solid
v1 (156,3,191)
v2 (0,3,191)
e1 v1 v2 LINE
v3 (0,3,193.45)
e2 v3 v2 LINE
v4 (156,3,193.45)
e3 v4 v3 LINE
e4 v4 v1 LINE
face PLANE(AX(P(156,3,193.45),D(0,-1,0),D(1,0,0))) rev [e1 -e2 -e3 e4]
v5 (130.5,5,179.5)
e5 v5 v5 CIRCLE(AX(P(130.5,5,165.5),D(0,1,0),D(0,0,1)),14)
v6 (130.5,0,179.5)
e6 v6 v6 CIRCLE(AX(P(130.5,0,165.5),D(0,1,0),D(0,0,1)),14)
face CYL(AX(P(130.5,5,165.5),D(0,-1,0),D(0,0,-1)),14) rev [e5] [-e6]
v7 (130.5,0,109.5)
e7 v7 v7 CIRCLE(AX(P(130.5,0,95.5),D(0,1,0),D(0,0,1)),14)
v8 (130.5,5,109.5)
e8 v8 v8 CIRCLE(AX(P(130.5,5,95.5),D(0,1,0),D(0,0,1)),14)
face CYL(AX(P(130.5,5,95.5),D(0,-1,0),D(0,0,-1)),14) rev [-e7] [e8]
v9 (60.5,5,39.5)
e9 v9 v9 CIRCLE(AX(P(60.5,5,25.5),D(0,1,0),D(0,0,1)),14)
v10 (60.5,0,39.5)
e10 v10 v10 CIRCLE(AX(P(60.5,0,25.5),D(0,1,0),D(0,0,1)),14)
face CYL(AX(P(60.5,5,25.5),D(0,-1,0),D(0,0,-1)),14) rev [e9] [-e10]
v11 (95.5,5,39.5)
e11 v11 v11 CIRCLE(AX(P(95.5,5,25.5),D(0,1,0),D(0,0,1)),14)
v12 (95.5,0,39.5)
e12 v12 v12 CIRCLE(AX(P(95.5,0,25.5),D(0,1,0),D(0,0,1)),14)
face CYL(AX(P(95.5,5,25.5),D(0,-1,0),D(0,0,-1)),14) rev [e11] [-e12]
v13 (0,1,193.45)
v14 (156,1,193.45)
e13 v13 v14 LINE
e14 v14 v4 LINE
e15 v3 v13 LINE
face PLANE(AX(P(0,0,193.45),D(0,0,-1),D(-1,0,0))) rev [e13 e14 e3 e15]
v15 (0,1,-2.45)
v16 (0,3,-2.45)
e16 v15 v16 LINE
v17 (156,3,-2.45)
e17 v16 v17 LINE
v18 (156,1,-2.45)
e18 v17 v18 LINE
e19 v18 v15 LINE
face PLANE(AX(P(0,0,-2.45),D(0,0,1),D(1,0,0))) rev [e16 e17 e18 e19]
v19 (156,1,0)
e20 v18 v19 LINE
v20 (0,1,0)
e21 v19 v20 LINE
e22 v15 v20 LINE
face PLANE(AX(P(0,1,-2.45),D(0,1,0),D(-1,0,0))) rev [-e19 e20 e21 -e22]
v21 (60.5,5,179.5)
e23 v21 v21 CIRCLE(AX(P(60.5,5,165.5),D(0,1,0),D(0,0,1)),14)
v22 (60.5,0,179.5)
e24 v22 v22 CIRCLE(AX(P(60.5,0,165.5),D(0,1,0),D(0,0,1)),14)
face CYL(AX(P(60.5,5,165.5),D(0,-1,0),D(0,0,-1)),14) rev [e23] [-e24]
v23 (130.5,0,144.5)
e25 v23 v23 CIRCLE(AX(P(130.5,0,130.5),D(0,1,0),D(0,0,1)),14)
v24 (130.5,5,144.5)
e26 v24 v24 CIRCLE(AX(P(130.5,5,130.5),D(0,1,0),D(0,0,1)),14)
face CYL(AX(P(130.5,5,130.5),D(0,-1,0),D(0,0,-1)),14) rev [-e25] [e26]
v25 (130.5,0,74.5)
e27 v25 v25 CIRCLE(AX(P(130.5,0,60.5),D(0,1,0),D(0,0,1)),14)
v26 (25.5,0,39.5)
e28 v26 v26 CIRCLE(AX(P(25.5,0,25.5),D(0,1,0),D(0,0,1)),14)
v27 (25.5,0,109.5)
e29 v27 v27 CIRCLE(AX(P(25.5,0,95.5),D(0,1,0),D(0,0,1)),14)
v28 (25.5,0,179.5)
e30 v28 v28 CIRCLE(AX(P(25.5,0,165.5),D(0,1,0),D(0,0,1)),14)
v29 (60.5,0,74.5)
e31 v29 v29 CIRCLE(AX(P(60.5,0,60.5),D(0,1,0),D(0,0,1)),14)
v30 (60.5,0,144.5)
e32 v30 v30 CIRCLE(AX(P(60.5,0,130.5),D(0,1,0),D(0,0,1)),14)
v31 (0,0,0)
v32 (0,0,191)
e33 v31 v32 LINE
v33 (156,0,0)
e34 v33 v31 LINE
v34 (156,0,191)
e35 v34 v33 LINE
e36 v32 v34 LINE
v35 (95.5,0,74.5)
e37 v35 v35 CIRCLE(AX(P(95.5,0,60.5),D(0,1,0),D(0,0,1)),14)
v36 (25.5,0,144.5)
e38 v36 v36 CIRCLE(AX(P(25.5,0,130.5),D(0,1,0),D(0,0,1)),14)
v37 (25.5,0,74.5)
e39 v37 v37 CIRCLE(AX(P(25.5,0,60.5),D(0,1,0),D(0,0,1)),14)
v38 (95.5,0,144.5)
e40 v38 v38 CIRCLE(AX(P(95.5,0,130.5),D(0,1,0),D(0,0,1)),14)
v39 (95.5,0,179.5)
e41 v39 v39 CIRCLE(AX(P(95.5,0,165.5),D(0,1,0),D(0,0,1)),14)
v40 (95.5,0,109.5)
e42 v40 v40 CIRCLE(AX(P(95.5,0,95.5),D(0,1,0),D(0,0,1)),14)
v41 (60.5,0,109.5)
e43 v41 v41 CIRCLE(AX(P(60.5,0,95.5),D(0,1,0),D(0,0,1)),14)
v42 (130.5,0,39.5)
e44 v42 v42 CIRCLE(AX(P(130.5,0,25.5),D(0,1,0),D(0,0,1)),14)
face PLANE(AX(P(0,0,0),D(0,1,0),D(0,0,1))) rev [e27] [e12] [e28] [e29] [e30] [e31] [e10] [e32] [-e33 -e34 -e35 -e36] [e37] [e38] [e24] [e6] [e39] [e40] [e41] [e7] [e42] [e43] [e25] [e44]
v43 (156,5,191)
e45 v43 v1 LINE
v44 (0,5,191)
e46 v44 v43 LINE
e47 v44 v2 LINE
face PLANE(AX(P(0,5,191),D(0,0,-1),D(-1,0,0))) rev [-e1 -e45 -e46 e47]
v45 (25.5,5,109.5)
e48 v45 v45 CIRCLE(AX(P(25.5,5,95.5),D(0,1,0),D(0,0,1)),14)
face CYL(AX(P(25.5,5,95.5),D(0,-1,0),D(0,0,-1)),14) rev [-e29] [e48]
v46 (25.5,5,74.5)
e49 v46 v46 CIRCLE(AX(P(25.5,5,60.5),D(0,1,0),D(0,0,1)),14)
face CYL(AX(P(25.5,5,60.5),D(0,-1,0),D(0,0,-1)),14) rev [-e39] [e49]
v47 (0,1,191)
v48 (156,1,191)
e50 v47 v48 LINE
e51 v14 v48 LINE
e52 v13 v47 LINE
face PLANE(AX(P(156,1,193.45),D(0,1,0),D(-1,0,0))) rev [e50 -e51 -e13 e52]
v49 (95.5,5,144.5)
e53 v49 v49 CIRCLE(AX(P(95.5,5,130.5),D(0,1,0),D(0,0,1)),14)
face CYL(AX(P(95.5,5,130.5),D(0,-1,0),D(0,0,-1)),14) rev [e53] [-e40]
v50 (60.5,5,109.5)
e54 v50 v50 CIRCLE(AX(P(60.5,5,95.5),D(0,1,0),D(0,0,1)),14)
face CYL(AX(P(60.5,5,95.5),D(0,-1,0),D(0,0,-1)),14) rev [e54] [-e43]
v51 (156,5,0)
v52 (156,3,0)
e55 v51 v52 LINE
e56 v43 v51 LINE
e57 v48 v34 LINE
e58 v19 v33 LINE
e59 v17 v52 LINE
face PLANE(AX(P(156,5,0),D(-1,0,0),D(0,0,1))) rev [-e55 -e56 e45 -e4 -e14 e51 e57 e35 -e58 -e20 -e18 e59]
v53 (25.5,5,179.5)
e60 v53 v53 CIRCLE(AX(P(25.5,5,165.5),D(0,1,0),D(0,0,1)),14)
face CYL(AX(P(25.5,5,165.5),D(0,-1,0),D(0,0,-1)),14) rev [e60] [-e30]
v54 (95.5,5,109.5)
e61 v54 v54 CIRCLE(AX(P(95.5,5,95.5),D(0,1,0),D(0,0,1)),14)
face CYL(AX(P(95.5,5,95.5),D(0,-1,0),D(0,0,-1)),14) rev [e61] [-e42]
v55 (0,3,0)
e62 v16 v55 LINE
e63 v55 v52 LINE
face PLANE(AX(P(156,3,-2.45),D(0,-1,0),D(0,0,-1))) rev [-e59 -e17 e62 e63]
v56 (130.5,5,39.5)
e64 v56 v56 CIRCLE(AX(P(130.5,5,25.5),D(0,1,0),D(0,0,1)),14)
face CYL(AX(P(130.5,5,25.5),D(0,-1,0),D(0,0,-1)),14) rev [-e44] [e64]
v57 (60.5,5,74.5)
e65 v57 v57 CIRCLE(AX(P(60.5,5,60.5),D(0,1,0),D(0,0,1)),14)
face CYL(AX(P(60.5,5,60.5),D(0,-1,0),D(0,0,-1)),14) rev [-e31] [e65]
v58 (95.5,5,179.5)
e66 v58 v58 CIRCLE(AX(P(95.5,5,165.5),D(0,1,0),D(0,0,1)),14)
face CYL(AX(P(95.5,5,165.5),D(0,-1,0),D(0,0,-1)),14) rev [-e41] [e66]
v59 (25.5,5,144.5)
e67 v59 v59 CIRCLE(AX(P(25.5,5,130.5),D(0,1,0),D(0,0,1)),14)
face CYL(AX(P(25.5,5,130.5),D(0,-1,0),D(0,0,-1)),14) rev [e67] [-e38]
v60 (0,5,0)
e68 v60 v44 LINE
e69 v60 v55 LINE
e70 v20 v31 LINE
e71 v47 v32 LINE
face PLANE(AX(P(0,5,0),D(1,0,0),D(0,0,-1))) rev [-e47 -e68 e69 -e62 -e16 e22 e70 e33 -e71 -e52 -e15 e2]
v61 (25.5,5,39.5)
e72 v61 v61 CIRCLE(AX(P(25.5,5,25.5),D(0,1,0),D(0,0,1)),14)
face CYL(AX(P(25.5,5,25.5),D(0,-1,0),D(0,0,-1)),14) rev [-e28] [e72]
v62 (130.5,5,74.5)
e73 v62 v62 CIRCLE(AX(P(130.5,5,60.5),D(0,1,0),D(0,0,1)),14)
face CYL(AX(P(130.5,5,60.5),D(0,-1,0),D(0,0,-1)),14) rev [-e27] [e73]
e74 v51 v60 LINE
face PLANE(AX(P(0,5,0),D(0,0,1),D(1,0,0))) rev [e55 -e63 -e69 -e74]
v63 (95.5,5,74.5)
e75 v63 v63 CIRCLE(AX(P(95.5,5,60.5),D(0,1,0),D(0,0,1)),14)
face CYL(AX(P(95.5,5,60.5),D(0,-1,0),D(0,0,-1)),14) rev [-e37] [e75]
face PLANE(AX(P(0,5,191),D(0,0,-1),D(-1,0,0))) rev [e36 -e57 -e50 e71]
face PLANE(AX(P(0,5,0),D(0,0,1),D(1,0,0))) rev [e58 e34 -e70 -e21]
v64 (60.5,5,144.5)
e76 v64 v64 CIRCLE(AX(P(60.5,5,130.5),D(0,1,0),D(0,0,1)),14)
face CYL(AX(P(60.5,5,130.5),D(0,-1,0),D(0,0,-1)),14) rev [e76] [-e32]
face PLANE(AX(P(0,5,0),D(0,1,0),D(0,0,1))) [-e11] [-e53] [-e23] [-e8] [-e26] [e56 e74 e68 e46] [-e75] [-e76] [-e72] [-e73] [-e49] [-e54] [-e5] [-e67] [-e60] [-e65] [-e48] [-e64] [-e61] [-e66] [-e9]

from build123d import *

# Parameters (mm, degrees)
SKETCH1_W           = 156
SKETCH1_H           = 191
SKETCH1_R           = 14
BOSS_EXTRUDE1_DEPTH = 5
SKETCH2_W           = 156
SKETCH2_H           = 2
BOSS_EXTRUDE2_DEPTH = 2.45
SKETCH3_W           = 156
SKETCH3_H           = 2
BOSS_EXTRUDE3_DEPTH = 2.45


with BuildPart() as part:
    # Sketch1 → Boss-Extrude1 (new body)
    with BuildSketch(Plane(origin=(0, 0, 0), x_dir=(1, 0, 0), z_dir=(0, 1, 0))):
        with Locations((78, -95.5)):
            Rectangle(SKETCH1_W, SKETCH1_H)
        with Locations((25.5, -165.5)):
            Circle(SKETCH1_R, mode=Mode.SUBTRACT)
        with Locations((60.5, -165.5)):
            Circle(SKETCH1_R, mode=Mode.SUBTRACT)
        with Locations((95.5, -165.5)):
            Circle(SKETCH1_R, mode=Mode.SUBTRACT)
        with Locations((130.5, -165.5)):
            Circle(SKETCH1_R, mode=Mode.SUBTRACT)
        with Locations((60.5, -130.5)):
            Circle(SKETCH1_R, mode=Mode.SUBTRACT)
        with Locations((95.5, -130.5)):
            Circle(SKETCH1_R, mode=Mode.SUBTRACT)
        with Locations((130.5, -130.5)):
            Circle(SKETCH1_R, mode=Mode.SUBTRACT)
        with Locations((60.5, -95.5)):
            Circle(SKETCH1_R, mode=Mode.SUBTRACT)
        with Locations((95.5, -95.5)):
            Circle(SKETCH1_R, mode=Mode.SUBTRACT)
        with Locations((130.5, -95.5)):
            Circle(SKETCH1_R, mode=Mode.SUBTRACT)
        with Locations((60.5, -60.5)):
            Circle(SKETCH1_R, mode=Mode.SUBTRACT)
        with Locations((95.5, -60.5)):
            Circle(SKETCH1_R, mode=Mode.SUBTRACT)
        with Locations((130.5, -60.5)):
            Circle(SKETCH1_R, mode=Mode.SUBTRACT)
        with Locations((60.5, -25.5)):
            Circle(SKETCH1_R, mode=Mode.SUBTRACT)
        with Locations((95.5, -25.5)):
            Circle(SKETCH1_R, mode=Mode.SUBTRACT)
        with Locations((130.5, -25.5)):
            Circle(SKETCH1_R, mode=Mode.SUBTRACT)
        with Locations((25.5, -130.5)):
            Circle(SKETCH1_R, mode=Mode.SUBTRACT)
        with Locations((25.5, -95.5)):
            Circle(SKETCH1_R, mode=Mode.SUBTRACT)
        with Locations((25.5, -60.5)):
            Circle(SKETCH1_R, mode=Mode.SUBTRACT)
        with Locations((25.5, -25.5)):
            Circle(SKETCH1_R, mode=Mode.SUBTRACT)
    extrude(amount=BOSS_EXTRUDE1_DEPTH)

    # Sketch2 → Boss-Extrude2 (add)
    with BuildSketch(Plane.XY.offset(191)):
        with Locations((78, 2)):
            Rectangle(SKETCH2_W, SKETCH2_H)
    extrude(amount=BOSS_EXTRUDE2_DEPTH)

    # Sketch3 → Boss-Extrude3 (add)
    with BuildSketch(Plane(origin=(0, 0, 0), x_dir=(-1, 0, 0), z_dir=(0, 0, -1))):
        with Locations((-78, 2)):
            Rectangle(SKETCH3_W, SKETCH3_H)
    extrude(amount=BOSS_EXTRUDE3_DEPTH)


solid = part.part
